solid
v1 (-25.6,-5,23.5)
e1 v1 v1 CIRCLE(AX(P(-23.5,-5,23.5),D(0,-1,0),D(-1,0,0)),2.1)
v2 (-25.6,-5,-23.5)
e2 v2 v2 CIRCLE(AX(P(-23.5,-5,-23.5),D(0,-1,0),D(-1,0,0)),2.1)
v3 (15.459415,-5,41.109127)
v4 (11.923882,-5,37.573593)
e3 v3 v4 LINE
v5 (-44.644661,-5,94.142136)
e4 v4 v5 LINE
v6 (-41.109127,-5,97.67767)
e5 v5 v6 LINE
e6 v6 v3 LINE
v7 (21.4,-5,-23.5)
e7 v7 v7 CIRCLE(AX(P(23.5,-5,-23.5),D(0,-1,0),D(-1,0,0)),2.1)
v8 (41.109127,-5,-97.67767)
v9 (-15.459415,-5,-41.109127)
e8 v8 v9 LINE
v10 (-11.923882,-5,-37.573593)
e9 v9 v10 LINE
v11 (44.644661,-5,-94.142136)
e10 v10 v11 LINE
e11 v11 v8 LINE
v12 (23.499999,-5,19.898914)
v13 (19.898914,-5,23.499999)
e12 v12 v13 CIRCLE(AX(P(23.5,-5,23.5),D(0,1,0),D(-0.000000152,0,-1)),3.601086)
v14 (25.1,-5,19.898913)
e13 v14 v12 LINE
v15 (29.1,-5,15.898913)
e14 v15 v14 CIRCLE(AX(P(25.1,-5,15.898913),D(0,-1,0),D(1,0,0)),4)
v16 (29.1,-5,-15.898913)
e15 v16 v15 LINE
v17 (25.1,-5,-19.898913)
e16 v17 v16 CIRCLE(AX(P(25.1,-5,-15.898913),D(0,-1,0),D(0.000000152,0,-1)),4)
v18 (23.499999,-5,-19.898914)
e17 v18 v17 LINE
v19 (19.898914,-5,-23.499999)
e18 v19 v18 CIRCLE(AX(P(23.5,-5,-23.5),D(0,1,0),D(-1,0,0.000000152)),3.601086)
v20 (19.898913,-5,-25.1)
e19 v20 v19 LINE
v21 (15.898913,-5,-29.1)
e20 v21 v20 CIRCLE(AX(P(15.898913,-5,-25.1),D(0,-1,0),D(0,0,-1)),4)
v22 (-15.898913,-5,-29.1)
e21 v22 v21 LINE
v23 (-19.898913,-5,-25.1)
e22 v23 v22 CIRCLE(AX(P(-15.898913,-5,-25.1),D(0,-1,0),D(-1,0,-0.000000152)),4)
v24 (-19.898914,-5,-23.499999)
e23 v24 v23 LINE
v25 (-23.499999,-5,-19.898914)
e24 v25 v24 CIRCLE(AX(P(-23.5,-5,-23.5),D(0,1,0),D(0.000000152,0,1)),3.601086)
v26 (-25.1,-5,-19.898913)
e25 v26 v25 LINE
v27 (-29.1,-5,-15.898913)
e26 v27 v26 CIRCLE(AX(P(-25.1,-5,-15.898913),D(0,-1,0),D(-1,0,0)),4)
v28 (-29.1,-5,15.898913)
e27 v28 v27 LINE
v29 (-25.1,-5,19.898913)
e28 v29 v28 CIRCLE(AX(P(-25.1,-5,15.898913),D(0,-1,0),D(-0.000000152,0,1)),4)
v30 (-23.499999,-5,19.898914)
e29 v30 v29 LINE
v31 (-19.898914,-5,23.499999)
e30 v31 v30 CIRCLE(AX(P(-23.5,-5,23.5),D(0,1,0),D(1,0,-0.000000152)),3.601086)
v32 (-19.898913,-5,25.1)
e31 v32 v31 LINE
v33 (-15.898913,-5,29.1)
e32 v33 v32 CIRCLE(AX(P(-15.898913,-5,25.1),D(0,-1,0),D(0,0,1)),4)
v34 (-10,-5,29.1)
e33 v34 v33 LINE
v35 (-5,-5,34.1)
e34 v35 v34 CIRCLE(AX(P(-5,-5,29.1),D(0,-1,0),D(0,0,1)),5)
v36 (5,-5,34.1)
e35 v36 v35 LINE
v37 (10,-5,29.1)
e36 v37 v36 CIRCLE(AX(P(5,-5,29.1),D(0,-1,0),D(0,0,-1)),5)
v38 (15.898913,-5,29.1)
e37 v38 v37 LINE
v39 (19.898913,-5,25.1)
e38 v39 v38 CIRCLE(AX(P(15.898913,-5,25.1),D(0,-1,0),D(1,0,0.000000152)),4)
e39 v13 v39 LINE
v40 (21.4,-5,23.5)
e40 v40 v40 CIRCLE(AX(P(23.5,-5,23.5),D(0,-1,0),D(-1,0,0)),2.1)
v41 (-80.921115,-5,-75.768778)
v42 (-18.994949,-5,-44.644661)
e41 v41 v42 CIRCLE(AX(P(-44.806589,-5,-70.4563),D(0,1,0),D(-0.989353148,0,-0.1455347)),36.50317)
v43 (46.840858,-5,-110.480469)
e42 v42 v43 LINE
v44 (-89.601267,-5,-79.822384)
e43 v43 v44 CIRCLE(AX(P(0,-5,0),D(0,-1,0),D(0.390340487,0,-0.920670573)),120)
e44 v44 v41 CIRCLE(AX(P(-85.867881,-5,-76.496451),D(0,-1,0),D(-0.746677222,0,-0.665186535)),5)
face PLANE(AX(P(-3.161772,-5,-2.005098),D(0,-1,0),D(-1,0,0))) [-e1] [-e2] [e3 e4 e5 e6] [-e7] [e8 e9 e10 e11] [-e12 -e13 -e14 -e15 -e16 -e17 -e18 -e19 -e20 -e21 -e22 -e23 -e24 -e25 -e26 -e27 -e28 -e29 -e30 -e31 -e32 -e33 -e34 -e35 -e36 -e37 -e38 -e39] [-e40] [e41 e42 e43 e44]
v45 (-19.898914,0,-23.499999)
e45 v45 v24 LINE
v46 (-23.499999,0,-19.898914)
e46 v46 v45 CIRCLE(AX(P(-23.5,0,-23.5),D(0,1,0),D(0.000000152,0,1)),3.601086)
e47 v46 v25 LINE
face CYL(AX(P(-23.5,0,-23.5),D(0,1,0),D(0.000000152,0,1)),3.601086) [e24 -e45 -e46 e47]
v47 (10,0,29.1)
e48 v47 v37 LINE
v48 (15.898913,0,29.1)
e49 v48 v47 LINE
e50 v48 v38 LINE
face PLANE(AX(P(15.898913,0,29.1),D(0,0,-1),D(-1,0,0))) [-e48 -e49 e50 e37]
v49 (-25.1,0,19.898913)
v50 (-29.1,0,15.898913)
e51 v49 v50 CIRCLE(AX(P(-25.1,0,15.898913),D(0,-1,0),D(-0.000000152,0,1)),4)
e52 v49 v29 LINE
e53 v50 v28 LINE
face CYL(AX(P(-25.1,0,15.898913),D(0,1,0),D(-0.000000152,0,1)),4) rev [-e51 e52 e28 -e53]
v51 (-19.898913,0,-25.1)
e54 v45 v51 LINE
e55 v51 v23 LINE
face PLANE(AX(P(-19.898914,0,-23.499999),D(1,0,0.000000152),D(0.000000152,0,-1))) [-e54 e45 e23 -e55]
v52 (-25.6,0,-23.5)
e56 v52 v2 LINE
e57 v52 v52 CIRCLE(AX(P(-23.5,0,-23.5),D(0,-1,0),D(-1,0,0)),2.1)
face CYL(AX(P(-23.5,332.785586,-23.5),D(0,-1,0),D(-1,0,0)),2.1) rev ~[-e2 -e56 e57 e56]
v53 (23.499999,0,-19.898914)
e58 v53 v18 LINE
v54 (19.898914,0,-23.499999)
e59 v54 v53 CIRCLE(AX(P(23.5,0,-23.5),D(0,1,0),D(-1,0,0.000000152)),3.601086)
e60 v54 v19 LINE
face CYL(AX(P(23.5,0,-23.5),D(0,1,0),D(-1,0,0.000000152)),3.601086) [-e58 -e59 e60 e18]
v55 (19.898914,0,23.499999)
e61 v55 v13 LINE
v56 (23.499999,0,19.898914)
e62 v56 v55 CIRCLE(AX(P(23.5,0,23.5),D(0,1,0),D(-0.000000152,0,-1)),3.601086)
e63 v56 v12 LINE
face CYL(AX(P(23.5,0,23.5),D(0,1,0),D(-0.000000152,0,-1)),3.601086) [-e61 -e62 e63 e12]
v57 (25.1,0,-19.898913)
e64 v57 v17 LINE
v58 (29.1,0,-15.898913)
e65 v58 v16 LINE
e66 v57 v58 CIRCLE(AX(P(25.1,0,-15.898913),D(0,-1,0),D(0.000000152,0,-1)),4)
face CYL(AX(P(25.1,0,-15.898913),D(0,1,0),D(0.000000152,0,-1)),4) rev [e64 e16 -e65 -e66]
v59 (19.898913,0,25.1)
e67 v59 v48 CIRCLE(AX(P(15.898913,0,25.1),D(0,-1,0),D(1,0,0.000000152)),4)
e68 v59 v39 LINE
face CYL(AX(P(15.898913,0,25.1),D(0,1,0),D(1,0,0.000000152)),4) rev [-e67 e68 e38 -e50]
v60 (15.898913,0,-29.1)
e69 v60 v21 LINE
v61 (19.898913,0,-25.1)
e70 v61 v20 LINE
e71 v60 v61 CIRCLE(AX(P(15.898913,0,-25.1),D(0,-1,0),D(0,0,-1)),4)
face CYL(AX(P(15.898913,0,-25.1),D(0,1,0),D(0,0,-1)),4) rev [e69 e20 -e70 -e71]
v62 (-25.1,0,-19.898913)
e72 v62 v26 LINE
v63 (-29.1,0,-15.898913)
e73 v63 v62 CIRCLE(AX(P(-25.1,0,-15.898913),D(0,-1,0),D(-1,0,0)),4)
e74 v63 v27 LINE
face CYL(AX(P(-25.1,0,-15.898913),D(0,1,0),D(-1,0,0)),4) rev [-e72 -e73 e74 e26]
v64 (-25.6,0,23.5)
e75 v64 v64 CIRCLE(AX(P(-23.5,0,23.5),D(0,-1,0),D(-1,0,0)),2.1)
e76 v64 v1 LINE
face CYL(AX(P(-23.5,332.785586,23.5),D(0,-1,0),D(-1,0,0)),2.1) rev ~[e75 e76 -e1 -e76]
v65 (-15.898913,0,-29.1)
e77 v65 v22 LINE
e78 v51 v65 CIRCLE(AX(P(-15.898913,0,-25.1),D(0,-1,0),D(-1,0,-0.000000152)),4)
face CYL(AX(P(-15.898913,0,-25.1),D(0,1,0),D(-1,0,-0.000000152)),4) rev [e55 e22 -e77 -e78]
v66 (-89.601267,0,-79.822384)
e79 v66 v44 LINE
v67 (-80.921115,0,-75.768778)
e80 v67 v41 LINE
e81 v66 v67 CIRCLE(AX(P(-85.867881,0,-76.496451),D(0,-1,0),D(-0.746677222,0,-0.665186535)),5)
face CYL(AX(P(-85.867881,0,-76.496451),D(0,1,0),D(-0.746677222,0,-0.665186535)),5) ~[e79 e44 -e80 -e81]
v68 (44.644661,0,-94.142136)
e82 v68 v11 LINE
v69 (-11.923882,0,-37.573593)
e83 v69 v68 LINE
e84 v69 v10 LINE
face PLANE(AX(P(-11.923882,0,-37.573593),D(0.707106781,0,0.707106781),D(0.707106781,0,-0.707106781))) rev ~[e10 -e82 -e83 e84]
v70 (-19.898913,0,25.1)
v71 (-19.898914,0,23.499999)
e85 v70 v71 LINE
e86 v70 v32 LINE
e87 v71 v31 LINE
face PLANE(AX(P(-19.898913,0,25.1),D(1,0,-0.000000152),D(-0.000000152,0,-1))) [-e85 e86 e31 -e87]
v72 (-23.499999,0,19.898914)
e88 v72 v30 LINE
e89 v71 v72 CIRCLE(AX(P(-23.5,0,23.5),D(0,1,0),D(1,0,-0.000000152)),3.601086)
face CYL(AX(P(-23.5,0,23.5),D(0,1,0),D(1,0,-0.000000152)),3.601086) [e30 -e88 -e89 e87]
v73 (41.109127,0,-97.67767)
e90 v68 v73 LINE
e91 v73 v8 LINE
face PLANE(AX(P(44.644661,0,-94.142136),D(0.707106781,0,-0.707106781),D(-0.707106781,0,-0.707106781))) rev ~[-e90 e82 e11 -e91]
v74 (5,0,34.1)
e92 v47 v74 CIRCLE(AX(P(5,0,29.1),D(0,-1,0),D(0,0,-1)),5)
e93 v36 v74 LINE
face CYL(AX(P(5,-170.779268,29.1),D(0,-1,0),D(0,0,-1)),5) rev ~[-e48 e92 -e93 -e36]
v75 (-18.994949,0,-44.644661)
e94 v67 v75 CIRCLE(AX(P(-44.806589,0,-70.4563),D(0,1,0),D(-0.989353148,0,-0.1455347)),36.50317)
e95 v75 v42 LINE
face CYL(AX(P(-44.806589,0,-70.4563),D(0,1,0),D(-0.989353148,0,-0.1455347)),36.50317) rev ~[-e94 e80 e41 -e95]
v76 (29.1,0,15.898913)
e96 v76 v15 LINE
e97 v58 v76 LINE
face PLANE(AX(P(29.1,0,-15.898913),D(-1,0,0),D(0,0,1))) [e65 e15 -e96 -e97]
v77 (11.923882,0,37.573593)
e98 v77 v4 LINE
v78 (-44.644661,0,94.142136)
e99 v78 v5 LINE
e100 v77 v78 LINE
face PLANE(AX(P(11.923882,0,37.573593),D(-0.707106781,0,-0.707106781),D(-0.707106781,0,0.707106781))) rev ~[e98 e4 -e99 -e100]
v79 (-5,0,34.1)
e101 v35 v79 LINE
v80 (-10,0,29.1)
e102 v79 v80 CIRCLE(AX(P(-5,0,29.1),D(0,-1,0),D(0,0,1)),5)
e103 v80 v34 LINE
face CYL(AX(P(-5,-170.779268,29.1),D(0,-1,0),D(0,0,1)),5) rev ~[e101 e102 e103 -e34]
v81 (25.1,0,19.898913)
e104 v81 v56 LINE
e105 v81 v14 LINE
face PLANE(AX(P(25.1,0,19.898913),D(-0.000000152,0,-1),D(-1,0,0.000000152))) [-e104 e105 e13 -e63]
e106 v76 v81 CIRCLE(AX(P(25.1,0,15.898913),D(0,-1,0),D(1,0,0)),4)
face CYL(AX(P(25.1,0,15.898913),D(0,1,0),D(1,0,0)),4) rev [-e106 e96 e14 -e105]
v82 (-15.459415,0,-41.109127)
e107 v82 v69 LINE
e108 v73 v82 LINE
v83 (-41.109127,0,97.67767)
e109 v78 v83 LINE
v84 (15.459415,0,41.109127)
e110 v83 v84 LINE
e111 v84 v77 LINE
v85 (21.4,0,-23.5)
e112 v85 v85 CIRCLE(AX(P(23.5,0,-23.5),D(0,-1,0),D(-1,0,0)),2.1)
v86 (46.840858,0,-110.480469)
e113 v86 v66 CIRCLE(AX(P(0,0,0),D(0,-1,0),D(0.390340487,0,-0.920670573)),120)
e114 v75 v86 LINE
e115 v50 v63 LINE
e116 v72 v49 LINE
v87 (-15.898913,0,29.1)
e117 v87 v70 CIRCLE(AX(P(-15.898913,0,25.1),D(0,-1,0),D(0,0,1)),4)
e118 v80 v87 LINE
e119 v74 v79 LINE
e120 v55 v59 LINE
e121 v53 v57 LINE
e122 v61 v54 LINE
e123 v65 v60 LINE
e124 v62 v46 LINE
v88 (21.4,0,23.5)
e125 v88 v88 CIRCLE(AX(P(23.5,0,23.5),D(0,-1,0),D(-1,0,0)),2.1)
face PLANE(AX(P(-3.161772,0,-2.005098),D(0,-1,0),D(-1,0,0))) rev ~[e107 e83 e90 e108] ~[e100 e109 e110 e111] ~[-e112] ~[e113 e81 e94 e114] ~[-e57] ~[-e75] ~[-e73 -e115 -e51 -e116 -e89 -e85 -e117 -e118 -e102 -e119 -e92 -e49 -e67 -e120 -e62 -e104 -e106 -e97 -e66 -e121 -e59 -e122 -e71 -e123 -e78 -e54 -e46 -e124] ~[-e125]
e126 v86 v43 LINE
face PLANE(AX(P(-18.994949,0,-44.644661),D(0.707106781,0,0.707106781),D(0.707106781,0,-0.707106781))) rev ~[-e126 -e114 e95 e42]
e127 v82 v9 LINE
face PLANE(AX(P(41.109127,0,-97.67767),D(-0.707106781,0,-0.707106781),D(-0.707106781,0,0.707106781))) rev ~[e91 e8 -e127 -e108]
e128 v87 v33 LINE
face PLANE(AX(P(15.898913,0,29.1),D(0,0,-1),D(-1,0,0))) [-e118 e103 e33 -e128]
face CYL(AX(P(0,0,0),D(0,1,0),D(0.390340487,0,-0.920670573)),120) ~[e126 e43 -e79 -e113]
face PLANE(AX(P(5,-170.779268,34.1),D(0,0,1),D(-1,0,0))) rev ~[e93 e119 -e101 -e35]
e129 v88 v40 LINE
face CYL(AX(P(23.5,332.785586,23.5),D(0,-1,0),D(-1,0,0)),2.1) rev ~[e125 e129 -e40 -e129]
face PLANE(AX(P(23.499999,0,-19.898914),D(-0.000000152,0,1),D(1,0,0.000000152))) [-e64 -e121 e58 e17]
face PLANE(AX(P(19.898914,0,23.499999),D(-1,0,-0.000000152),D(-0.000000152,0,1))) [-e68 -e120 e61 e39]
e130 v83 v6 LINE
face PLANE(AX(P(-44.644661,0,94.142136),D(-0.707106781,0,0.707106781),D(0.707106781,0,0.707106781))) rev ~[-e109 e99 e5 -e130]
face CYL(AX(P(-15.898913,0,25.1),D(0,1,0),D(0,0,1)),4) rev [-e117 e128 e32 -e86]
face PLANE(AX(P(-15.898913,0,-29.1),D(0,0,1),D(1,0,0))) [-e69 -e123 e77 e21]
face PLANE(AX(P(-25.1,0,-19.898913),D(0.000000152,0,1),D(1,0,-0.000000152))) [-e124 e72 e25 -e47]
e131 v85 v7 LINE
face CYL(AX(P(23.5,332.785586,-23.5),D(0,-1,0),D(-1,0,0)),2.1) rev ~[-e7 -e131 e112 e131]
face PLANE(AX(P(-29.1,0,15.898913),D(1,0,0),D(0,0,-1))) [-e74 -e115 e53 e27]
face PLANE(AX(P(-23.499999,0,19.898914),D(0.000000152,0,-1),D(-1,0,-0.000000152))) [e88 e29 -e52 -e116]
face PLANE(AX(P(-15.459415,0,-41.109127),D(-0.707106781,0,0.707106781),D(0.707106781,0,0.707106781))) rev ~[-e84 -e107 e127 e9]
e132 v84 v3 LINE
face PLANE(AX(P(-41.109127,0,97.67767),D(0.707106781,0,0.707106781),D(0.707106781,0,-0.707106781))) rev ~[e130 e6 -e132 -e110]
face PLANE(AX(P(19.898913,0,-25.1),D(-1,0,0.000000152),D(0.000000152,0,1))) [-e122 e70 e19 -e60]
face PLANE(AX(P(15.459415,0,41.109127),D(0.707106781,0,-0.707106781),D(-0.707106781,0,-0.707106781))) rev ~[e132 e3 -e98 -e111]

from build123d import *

# Parameters (mm, degrees)
EXTRUDE_1_DEPTH          = 5
CUT_EXTRUDE_1_DEPTH      = 170.779268463
CUT_EXTRUDE_1_DEPTH_BACK = 170.779268463
HOLE_WIZARD_M5_1_D       = 4.2


with BuildPart() as part:
    # 草圖1 → 填料-伸長1 (new body)
    with BuildSketch(Plane(origin=(0, 0, 0), x_dir=(1, 0, 0), z_dir=(0, 1, 0))):
        with BuildLine():
            Line((46.840858459, 110.480468766), (-18.994949366, 44.644660941))
            ThreePointArc((-18.994949366, 44.644660941), (-61.199118411, 37.840868245), (-80.9211148, 75.768777998))
            ThreePointArc((-80.9211148, 75.768777998), (-83.752223837, 81.026793285), (-89.60126665, 79.822384171))
            ThreePointArc((-89.60126665, 79.822384171), (26.307654113, -117.080772696), (46.840858459, 110.480468766))
        make_face()
        Polygon((-41.109127035, -97.67766953), (-44.644660941, -94.142135624), (11.923881554, -37.573593129), (15.45941546, -41.109127035), align=None, mode=Mode.SUBTRACT)
        with BuildLine():
            ThreePointArc((-23.499999452, 19.89891353), (-20.953647337, 20.953647337), (-19.89891353, 23.499999452))
            Line((-19.89891353, 23.499999452), (-19.898913286, 25.100000259))
            ThreePointArc((-19.898913286, 25.100000259), (-18.727340196, 27.92842699), (-15.898913286, 29.09999965))
            Line((-15.898913286, 29.09999965), (15.898913286, 29.09999965))
            ThreePointArc((15.898913286, 29.09999965), (18.727340196, 27.92842699), (19.898913286, 25.100000259))
            Line((19.898913286, 25.100000259), (19.89891353, 23.499999452))
            ThreePointArc((19.89891353, 23.499999452), (20.953647337, 20.953647337), (23.499999452, 19.89891353))
            Line((23.499999452, 19.89891353), (25.100000259, 19.898913286))
            ThreePointArc((25.100000259, 19.898913286), (27.92842699, 18.727340196), (29.09999965, 15.898913286))
            Line((29.09999965, 15.898913286), (29.09999965, -15.898913286))
            ThreePointArc((29.09999965, -15.898913286), (27.92842699, -18.727340196), (25.100000259, -19.898913286))
            Line((25.100000259, -19.898913286), (23.499999452, -19.89891353))
            ThreePointArc((23.499999452, -19.89891353), (20.953647337, -20.953647337), (19.89891353, -23.499999452))
            Line((19.89891353, -23.499999452), (19.898913286, -25.100000259))
            ThreePointArc((19.898913286, -25.100000259), (18.727340196, -27.92842699), (15.898913286, -29.09999965))
            Line((15.898913286, -29.09999965), (-15.898913286, -29.09999965))
            ThreePointArc((-15.898913286, -29.09999965), (-18.727340196, -27.92842699), (-19.898913286, -25.100000259))
            Line((-19.898913286, -25.100000259), (-19.89891353, -23.499999452))
            ThreePointArc((-19.89891353, -23.499999452), (-20.953647337, -20.953647337), (-23.499999452, -19.89891353))
            Line((-23.499999452, -19.89891353), (-25.100000259, -19.898913286))
            ThreePointArc((-25.100000259, -19.898913286), (-27.92842699, -18.727340196), (-29.09999965, -15.898913286))
            Line((-29.09999965, -15.898913286), (-29.09999965, 15.898913286))
            ThreePointArc((-29.09999965, 15.898913286), (-27.92842699, 18.727340196), (-25.100000259, 19.898913286))
            Line((-25.100000259, 19.898913286), (-23.499999452, 19.89891353))
        make_face(mode=Mode.SUBTRACT)
        Polygon((44.644660941, 94.142135624), (-11.923881554, 37.573593129), (-15.45941546, 41.109127035), (41.109127035, 97.67766953), align=None, mode=Mode.SUBTRACT)
    extrude(amount=-EXTRUDE_1_DEPTH)

    # 草圖5 → 除料-伸長1 (cut, two sides: drawn at the far end of the back side and taken through both)
    with BuildSketch(Plane(origin=(0, 0, 0), x_dir=(1, 0, 0), z_dir=(0, 1, 0)).offset(-CUT_EXTRUDE_1_DEPTH_BACK)):
        with BuildLine():
            Line((-5, -24.09999965), (5, -24.09999965))
            ThreePointArc((5, -24.09999965), (10, -29.09999965), (5, -34.09999965))
            Line((5, -34.09999965), (-5, -34.09999965))
            ThreePointArc((-5, -34.09999965), (-10, -29.09999965), (-5, -24.09999965))
        make_face()
    extrude(amount=CUT_EXTRUDE_1_DEPTH + CUT_EXTRUDE_1_DEPTH_BACK, mode=Mode.SUBTRACT)

    # M5 螺紋孔1 (through all)
    with Locations(Plane(origin=(0, 0, 0), x_dir=(1, 0, 0), z_dir=(0, 1, 0))):
        with Locations((23.5, 23.5), (23.5, -23.5), (-23.5, -23.5), (-23.5, 23.5)):
            Hole(HOLE_WIZARD_M5_1_D / 2)


solid = part.part
